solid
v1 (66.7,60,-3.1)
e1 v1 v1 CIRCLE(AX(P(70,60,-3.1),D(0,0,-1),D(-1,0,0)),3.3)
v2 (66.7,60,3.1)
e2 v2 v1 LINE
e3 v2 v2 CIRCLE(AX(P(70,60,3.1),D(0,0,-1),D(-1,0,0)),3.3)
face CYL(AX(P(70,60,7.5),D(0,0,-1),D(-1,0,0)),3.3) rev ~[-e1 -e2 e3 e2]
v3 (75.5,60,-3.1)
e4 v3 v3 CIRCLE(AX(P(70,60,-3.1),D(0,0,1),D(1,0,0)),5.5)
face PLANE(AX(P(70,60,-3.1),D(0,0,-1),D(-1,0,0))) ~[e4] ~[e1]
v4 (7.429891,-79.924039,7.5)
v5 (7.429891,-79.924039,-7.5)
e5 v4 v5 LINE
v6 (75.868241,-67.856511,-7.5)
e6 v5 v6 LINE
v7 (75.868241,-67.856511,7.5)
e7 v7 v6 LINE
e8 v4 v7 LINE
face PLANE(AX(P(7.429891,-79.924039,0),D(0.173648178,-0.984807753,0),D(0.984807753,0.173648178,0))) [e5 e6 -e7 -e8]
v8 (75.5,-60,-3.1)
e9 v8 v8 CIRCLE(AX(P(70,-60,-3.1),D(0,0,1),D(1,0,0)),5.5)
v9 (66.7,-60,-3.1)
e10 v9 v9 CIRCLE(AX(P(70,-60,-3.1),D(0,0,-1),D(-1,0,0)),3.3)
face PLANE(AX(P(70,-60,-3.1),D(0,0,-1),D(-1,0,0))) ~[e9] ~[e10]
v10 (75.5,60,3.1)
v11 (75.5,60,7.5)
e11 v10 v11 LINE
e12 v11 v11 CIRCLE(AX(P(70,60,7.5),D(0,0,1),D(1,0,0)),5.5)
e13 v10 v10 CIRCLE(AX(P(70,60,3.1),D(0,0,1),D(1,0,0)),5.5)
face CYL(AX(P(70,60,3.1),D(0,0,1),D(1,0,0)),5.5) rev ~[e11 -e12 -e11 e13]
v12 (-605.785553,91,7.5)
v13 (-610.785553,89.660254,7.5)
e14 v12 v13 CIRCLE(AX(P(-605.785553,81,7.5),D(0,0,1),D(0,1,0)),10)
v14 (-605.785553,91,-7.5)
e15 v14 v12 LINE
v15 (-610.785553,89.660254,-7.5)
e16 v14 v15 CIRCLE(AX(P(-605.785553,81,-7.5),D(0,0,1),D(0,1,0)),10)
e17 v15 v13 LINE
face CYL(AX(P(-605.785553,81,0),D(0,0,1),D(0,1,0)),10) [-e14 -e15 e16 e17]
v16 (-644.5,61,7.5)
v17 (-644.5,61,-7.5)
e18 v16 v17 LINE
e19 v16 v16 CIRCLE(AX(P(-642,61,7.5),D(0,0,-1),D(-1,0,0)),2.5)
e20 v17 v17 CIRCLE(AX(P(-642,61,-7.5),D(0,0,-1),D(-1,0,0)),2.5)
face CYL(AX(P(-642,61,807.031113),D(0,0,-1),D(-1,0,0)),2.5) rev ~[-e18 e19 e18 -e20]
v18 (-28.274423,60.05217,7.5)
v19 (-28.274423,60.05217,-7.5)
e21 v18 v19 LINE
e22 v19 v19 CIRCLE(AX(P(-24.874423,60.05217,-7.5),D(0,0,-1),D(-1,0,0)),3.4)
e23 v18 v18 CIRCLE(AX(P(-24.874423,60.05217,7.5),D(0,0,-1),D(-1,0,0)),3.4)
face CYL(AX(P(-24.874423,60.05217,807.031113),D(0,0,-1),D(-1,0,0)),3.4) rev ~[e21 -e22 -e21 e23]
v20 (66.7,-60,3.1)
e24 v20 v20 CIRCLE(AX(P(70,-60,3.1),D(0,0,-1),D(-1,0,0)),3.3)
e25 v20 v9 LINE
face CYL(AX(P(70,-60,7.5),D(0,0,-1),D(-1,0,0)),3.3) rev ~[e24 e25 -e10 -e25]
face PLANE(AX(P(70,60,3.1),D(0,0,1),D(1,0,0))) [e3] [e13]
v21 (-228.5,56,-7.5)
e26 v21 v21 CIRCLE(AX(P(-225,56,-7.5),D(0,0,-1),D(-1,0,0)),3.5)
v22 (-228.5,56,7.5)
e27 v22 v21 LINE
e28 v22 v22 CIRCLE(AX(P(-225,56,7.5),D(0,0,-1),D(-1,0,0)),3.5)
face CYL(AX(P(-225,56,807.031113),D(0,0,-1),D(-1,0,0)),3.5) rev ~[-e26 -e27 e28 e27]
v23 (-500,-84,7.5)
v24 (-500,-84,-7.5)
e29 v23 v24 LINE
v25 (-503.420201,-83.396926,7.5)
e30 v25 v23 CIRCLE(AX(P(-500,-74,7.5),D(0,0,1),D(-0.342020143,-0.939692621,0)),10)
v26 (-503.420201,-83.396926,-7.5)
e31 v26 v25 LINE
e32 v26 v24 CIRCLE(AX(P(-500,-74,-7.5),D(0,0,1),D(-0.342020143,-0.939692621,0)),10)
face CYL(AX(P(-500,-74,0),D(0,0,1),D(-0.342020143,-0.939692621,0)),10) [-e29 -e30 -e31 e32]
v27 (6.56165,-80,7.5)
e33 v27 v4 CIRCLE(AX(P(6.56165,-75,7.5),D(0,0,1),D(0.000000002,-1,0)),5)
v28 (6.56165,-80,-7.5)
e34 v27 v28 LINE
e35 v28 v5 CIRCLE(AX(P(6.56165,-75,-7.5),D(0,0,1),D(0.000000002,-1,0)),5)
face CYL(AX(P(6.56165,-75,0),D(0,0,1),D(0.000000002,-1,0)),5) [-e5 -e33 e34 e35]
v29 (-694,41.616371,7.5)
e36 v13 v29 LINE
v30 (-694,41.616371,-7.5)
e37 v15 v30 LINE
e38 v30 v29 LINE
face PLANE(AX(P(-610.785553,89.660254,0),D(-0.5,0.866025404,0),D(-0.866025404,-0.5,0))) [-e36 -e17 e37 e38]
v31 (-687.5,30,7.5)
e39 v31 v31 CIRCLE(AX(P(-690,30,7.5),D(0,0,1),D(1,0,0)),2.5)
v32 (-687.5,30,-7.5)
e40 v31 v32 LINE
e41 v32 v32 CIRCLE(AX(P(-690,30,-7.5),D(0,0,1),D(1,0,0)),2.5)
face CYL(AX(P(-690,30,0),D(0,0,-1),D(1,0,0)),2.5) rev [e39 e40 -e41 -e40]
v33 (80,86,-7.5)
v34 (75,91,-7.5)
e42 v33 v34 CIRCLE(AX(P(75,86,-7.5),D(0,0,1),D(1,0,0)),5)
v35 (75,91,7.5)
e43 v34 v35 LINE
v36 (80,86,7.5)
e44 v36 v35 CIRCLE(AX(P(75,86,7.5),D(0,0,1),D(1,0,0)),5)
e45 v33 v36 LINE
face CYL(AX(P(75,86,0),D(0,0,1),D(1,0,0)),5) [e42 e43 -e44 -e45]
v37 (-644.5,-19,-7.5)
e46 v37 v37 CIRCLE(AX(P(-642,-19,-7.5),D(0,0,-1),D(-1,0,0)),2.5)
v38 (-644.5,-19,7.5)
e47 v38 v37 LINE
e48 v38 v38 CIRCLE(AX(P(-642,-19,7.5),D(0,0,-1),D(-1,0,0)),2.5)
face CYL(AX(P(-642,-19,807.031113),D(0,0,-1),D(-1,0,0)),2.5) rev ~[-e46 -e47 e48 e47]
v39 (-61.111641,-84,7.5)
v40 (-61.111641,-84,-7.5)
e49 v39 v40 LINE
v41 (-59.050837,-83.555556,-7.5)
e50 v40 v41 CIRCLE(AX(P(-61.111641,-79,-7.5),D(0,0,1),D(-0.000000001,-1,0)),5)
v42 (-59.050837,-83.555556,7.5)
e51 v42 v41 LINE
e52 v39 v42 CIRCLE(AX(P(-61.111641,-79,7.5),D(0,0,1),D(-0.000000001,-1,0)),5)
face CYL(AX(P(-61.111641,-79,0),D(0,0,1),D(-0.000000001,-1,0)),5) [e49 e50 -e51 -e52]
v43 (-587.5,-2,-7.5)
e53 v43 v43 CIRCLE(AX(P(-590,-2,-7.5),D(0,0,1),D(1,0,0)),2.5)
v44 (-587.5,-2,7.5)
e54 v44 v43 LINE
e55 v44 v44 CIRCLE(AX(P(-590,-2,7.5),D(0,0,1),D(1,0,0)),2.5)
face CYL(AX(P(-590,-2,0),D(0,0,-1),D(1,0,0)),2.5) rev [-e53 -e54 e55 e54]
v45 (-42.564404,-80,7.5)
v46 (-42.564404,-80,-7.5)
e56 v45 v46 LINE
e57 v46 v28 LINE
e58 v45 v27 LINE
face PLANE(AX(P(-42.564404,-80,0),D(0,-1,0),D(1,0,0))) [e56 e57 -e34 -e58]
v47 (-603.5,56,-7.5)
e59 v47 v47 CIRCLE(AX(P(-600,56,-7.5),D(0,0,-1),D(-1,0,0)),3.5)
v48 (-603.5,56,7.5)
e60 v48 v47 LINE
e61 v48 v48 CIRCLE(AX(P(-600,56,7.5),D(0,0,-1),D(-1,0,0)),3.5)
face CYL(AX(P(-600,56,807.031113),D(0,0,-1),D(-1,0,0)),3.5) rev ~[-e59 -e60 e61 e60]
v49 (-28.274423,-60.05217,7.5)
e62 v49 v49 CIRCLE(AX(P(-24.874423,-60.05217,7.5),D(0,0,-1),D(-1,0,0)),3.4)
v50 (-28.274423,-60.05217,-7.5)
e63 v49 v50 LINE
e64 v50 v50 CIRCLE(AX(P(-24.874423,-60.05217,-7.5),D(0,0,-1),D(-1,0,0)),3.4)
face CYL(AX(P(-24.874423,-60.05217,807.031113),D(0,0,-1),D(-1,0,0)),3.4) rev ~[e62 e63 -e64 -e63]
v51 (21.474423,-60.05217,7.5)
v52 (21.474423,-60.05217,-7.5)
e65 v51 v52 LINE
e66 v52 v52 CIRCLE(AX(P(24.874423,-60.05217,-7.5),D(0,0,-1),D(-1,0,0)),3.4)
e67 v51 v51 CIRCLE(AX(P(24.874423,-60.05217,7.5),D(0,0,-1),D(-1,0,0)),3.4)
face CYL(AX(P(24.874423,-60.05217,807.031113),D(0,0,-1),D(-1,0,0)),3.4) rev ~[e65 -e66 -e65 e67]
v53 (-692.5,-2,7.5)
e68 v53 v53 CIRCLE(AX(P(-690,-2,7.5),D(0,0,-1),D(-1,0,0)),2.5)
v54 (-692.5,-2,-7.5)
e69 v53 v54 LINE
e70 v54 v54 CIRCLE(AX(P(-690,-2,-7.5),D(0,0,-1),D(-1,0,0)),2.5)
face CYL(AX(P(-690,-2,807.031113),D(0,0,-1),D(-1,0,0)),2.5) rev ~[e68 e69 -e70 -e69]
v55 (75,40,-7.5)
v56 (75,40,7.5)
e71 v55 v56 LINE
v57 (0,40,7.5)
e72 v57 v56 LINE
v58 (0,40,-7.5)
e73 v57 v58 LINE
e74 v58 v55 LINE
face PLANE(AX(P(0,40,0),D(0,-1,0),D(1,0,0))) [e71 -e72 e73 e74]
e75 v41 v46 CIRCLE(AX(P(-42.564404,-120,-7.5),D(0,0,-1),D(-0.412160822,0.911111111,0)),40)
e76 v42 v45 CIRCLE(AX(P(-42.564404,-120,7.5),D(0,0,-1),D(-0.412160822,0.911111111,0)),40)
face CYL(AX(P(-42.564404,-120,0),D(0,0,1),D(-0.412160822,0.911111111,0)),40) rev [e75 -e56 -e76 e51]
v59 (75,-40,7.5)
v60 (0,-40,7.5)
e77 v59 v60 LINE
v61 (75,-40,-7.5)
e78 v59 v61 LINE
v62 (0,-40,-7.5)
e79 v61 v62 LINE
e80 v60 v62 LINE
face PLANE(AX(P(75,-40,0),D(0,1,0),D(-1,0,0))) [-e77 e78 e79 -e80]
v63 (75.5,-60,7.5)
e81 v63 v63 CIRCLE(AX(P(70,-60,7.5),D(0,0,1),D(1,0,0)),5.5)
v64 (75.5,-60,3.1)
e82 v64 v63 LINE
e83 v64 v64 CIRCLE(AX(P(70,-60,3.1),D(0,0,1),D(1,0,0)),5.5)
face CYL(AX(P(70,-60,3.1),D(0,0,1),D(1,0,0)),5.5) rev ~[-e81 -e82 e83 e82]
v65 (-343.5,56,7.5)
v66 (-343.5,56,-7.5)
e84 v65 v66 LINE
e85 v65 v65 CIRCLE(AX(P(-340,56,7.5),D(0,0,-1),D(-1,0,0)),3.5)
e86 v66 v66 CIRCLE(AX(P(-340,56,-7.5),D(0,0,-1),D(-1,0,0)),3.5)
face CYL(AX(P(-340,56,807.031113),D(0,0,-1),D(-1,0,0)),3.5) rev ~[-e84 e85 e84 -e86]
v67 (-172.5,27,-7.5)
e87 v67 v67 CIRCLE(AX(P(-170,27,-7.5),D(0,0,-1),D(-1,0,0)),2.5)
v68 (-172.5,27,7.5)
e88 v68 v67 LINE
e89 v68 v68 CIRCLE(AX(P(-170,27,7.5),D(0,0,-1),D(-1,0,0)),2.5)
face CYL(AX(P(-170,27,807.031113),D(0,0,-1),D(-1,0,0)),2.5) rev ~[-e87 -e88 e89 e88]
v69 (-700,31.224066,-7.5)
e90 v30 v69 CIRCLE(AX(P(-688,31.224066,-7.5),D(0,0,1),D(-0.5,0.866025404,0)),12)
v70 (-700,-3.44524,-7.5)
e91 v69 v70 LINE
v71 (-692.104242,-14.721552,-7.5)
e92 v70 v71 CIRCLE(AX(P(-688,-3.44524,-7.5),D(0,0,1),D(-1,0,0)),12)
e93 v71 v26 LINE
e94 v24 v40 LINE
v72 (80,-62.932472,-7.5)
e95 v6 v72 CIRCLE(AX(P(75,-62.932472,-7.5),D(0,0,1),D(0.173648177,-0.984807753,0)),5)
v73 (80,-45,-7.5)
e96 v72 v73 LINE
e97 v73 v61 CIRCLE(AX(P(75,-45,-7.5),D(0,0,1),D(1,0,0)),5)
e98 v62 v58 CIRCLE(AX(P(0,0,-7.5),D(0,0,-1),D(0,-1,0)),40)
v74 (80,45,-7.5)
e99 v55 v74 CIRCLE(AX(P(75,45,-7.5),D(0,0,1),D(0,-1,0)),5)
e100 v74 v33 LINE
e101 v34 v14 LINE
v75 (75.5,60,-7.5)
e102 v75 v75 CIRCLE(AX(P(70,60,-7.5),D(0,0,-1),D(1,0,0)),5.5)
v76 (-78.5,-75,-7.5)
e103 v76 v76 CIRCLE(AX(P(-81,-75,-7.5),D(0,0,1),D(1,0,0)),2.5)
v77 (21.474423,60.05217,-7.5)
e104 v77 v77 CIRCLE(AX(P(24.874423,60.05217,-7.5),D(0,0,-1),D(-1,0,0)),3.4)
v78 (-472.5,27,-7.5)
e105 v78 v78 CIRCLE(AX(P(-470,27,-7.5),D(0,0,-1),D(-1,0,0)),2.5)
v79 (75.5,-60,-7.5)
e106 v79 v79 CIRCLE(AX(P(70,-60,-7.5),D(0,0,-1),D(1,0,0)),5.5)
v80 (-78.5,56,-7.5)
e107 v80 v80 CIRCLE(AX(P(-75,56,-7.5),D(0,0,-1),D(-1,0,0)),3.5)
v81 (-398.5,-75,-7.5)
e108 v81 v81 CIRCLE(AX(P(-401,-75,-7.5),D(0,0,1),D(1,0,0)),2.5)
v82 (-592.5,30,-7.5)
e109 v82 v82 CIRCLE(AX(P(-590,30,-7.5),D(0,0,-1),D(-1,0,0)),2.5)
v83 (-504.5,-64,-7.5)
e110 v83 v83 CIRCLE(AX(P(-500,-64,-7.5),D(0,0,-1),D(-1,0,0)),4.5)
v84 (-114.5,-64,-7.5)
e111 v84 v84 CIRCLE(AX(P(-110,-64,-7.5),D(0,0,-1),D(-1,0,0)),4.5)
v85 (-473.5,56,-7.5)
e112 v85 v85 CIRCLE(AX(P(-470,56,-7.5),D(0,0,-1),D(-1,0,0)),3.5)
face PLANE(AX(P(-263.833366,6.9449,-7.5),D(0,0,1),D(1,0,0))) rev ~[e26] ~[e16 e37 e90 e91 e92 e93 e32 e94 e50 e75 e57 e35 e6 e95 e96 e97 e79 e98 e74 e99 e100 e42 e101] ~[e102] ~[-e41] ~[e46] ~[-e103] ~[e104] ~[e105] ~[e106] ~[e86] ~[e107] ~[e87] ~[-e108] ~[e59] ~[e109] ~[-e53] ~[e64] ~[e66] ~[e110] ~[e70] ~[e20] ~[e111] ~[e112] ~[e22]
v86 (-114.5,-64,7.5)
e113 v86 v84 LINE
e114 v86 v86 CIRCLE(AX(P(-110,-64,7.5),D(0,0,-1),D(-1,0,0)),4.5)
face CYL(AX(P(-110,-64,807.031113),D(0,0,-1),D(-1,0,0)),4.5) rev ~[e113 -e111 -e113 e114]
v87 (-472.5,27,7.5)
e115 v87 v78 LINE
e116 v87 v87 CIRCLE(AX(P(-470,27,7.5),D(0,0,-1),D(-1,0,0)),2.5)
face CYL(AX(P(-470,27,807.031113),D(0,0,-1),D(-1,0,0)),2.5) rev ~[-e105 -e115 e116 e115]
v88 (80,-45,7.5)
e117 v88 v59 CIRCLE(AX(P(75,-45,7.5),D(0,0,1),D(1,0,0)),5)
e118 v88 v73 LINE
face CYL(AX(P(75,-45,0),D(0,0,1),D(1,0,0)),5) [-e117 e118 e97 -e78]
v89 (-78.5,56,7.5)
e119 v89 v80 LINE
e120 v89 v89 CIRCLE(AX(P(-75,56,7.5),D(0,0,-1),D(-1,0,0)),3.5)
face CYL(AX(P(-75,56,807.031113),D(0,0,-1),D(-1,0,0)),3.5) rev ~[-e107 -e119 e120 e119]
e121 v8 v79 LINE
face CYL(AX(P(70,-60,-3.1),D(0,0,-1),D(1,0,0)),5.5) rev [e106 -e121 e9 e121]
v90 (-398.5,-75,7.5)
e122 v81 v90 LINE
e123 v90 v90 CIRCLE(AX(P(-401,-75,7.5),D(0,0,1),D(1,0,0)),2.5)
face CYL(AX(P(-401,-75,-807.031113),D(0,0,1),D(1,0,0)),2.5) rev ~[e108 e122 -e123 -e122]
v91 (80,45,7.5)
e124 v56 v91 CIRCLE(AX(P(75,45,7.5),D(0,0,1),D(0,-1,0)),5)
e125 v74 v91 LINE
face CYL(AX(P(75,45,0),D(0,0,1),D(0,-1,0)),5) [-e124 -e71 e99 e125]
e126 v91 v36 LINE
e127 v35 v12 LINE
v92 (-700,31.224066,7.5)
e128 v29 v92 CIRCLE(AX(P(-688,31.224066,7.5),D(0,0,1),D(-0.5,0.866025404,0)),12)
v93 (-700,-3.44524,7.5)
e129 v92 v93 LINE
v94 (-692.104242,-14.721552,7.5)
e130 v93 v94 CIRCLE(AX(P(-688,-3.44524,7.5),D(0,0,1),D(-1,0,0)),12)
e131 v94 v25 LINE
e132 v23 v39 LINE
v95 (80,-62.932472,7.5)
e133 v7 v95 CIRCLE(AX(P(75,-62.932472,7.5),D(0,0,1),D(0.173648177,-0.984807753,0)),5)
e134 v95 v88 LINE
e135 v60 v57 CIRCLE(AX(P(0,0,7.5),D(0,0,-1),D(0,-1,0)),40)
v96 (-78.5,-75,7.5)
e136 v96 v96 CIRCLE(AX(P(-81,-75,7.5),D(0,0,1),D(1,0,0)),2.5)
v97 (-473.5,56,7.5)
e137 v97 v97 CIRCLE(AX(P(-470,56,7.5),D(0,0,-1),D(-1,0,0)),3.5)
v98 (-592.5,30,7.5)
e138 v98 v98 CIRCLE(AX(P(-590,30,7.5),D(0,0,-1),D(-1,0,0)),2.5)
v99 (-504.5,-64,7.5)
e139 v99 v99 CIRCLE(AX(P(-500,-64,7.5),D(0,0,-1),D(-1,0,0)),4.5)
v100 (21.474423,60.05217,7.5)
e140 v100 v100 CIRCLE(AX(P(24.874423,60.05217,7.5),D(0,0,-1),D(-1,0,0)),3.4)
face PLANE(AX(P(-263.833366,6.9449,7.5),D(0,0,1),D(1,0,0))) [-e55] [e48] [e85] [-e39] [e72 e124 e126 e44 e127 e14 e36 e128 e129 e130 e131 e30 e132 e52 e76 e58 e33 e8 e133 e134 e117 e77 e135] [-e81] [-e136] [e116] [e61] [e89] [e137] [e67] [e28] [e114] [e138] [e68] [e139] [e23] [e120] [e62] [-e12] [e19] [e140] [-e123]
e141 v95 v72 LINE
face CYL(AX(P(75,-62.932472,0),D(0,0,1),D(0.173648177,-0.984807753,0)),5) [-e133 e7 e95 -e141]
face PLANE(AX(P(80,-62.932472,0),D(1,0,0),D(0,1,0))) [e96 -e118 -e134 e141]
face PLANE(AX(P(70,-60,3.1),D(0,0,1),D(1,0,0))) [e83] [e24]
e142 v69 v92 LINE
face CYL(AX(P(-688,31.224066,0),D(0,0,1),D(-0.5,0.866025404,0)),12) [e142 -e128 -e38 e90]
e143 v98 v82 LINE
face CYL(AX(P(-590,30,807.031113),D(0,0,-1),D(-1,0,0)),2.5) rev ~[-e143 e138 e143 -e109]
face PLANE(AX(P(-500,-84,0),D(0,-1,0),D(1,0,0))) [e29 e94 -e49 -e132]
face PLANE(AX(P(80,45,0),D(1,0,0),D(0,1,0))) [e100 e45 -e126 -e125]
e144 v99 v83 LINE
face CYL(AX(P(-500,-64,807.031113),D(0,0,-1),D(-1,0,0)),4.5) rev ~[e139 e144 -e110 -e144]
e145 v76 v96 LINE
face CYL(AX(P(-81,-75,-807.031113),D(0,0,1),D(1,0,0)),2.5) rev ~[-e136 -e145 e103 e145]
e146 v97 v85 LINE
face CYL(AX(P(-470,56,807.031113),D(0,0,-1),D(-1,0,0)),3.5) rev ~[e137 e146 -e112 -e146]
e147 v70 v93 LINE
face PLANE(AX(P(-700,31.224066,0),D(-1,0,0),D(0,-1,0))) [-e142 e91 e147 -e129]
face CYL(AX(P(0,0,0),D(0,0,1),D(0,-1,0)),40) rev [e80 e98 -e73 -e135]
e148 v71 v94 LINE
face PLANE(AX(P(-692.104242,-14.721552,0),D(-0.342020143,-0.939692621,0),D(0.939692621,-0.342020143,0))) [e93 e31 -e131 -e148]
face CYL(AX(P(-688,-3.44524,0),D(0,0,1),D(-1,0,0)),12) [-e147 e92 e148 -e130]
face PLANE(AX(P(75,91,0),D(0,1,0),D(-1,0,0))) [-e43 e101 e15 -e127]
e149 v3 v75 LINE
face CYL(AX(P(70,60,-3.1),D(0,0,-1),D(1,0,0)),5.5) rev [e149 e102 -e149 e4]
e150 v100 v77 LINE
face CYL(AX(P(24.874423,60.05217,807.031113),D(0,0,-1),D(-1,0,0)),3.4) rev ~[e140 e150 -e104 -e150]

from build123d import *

# Parameters (mm, degrees)
SKIZZE1_R                                            = 2.5
AUFSATZ_LINEAR_AUSTRAGEN1_DEPTH                      = 7.5
M6_GEWINDEBOHRUNG1_D                                 = 5
M8_GEWINDEBOHRUNG1_D                                 = 6.8
DURCHGANGSLOCH_F_R_M81_D                             = 9
F_5_0_5_DURCHMESSER_BOHRUNG1_D                       = 5
STIRNSENKUNG_F_R_M6_ZYLINDERSCHRAUBE_MIT_D           = 6.6
STIRNSENKUNG_F_R_M6_ZYLINDERSCHRAUBE_MIT_CBORE_D     = 11
STIRNSENKUNG_F_R_M6_ZYLINDERSCHRAUBE_MIT_CBORE_DEPTH = 4.4
F_7_0_7_DURCHMESSER_BOHRUNG2_D                       = 7
M6_GEWINDEBOHRUNG2_D                                 = 5


with BuildPart() as part:
    # Skizze1 → Aufsatz-Linear austragen1 (new, symmetric)
    with BuildSketch(Plane.XY):
        with BuildLine():
            Line((0, 40), (75, 40))
            ThreePointArc((75, 40), (78.535533906, 41.464466094), (80, 45))
            Line((80, 45), (80, 86))
            ThreePointArc((80, 86), (78.535533906, 89.535533906), (75, 91))
            Line((75, 91), (-605.785553141, 91))
            ThreePointArc((-605.785553141, 91), (-608.373743593, 90.659258263), (-610.785553141, 89.660254038))
            Line((-610.785553141, 89.660254038), (-694, 41.616370744))
            ThreePointArc((-694, 41.616370744), (-698.392304845, 37.224065898), (-700, 31.224065898))
            Line((-700, 31.224065898), (-700, -3.445240413))
            ThreePointArc((-700, -3.445240413), (-697.829824531, -10.328157649), (-692.10424172, -14.721551862))
            Line((-692.10424172, -14.721551862), (-503.420201433, -83.396926208))
            ThreePointArc((-503.420201433, -83.396926208), (-501.736481777, -83.84807753), (-500, -84))
            Line((-500, -84), (-61.111641217, -84))
            ThreePointArc((-61.111641217, -84), (-60.057548663, -83.8876261), (-59.050837107, -83.555555556))
            ThreePointArc((-59.050837107, -83.555555556), (-50.997144653, -80.898991204), (-42.564404226, -80))
            Line((-42.564404226, -80), (6.561649764, -80))
            ThreePointArc((6.561649764, -80), (6.997428478, -79.98097349), (7.429890653, -79.924038765))
            Line((7.429890653, -79.924038765), (75.868240888, -67.856511103))
            ThreePointArc((75.868240888, -67.856511103), (78.830222216, -66.146410387), (80, -62.932472338))
            Line((80, -62.932472338), (80, -45))
            ThreePointArc((80, -45), (78.535533906, -41.464466094), (75, -40))
            Line((75, -40), (0, -40))
            ThreePointArc((0, -40), (-40, 0), (0, 40))
        make_face()
        with Locations((-690, 30)):
            Circle(SKIZZE1_R, mode=Mode.SUBTRACT)
        with Locations((-590, -2)):
            Circle(SKIZZE1_R, mode=Mode.SUBTRACT)
    extrude(amount=AUFSATZ_LINEAR_AUSTRAGEN1_DEPTH, both=True)

    # M6 Gewindebohrung1 (through all)
    with Locations(Plane.XY.offset(7.5)):
        with Locations((-590, 30), (-690, -2), (-642, 61), (-642, -19)):
            Hole(M6_GEWINDEBOHRUNG1_D / 2)

    # M8 Gewindebohrung1 (through all)
    with Locations(Plane.XY.offset(7.5)):
        with Locations((-24.874423104, -60.052169613), (-24.874423104, 60.052169613), (24.874423104, 60.052169613), (24.874423104, -60.052169613)):
            Hole(M8_GEWINDEBOHRUNG1_D / 2)

    # Durchgangsloch für M81 (through all)
    with Locations(Plane.XY.offset(7.5)):
        with Locations((-500, -64), (-110, -64)):
            Hole(DURCHGANGSLOCH_F_R_M81_D / 2)

    # Ø5.0 (5) Durchmesser Bohrung1 (through all)
    with Locations(Plane.XY.offset(7.5)):
        with Locations((-170, 27), (-470, 27)):
            Hole(F_5_0_5_DURCHMESSER_BOHRUNG1_D / 2)

    # Stirnsenkung für M6 Zylinderschraube mit Innensechskant1 (through all)
    with Locations(Plane.XY.offset(7.5)):
        with Locations((70, 60), (70, -60)):
            stirnsenkung_f_r_m6_zylinderschraube_mit = CounterBoreHole(STIRNSENKUNG_F_R_M6_ZYLINDERSCHRAUBE_MIT_D / 2, STIRNSENKUNG_F_R_M6_ZYLINDERSCHRAUBE_MIT_CBORE_D / 2, STIRNSENKUNG_F_R_M6_ZYLINDERSCHRAUBE_MIT_CBORE_DEPTH)

    # Spiegeln1: Stirnsenkung für M6 Zylinderschraube mit Innensechskant1 across plane
    add(stirnsenkung_f_r_m6_zylinderschraube_mit.mirror(Plane.XY), mode=Mode.SUBTRACT)

    # Ø7.0 (7) Durchmesser Bohrung2 (through all)
    with Locations(Plane.XY.offset(7.5)):
        with Locations((-75, 56), (-225, 56), (-340, 56), (-470, 56), (-600, 56)):
            Hole(F_7_0_7_DURCHMESSER_BOHRUNG2_D / 2)

    # M6 Gewindebohrung2 (through all)
    with Locations(Plane(origin=(0, 0, -7.5), x_dir=(-1, 0, 0), z_dir=(0, 0, -1))):
        with Locations((81, -75), (401, -75)):
            Hole(M6_GEWINDEBOHRUNG2_D / 2)


solid = part.part
